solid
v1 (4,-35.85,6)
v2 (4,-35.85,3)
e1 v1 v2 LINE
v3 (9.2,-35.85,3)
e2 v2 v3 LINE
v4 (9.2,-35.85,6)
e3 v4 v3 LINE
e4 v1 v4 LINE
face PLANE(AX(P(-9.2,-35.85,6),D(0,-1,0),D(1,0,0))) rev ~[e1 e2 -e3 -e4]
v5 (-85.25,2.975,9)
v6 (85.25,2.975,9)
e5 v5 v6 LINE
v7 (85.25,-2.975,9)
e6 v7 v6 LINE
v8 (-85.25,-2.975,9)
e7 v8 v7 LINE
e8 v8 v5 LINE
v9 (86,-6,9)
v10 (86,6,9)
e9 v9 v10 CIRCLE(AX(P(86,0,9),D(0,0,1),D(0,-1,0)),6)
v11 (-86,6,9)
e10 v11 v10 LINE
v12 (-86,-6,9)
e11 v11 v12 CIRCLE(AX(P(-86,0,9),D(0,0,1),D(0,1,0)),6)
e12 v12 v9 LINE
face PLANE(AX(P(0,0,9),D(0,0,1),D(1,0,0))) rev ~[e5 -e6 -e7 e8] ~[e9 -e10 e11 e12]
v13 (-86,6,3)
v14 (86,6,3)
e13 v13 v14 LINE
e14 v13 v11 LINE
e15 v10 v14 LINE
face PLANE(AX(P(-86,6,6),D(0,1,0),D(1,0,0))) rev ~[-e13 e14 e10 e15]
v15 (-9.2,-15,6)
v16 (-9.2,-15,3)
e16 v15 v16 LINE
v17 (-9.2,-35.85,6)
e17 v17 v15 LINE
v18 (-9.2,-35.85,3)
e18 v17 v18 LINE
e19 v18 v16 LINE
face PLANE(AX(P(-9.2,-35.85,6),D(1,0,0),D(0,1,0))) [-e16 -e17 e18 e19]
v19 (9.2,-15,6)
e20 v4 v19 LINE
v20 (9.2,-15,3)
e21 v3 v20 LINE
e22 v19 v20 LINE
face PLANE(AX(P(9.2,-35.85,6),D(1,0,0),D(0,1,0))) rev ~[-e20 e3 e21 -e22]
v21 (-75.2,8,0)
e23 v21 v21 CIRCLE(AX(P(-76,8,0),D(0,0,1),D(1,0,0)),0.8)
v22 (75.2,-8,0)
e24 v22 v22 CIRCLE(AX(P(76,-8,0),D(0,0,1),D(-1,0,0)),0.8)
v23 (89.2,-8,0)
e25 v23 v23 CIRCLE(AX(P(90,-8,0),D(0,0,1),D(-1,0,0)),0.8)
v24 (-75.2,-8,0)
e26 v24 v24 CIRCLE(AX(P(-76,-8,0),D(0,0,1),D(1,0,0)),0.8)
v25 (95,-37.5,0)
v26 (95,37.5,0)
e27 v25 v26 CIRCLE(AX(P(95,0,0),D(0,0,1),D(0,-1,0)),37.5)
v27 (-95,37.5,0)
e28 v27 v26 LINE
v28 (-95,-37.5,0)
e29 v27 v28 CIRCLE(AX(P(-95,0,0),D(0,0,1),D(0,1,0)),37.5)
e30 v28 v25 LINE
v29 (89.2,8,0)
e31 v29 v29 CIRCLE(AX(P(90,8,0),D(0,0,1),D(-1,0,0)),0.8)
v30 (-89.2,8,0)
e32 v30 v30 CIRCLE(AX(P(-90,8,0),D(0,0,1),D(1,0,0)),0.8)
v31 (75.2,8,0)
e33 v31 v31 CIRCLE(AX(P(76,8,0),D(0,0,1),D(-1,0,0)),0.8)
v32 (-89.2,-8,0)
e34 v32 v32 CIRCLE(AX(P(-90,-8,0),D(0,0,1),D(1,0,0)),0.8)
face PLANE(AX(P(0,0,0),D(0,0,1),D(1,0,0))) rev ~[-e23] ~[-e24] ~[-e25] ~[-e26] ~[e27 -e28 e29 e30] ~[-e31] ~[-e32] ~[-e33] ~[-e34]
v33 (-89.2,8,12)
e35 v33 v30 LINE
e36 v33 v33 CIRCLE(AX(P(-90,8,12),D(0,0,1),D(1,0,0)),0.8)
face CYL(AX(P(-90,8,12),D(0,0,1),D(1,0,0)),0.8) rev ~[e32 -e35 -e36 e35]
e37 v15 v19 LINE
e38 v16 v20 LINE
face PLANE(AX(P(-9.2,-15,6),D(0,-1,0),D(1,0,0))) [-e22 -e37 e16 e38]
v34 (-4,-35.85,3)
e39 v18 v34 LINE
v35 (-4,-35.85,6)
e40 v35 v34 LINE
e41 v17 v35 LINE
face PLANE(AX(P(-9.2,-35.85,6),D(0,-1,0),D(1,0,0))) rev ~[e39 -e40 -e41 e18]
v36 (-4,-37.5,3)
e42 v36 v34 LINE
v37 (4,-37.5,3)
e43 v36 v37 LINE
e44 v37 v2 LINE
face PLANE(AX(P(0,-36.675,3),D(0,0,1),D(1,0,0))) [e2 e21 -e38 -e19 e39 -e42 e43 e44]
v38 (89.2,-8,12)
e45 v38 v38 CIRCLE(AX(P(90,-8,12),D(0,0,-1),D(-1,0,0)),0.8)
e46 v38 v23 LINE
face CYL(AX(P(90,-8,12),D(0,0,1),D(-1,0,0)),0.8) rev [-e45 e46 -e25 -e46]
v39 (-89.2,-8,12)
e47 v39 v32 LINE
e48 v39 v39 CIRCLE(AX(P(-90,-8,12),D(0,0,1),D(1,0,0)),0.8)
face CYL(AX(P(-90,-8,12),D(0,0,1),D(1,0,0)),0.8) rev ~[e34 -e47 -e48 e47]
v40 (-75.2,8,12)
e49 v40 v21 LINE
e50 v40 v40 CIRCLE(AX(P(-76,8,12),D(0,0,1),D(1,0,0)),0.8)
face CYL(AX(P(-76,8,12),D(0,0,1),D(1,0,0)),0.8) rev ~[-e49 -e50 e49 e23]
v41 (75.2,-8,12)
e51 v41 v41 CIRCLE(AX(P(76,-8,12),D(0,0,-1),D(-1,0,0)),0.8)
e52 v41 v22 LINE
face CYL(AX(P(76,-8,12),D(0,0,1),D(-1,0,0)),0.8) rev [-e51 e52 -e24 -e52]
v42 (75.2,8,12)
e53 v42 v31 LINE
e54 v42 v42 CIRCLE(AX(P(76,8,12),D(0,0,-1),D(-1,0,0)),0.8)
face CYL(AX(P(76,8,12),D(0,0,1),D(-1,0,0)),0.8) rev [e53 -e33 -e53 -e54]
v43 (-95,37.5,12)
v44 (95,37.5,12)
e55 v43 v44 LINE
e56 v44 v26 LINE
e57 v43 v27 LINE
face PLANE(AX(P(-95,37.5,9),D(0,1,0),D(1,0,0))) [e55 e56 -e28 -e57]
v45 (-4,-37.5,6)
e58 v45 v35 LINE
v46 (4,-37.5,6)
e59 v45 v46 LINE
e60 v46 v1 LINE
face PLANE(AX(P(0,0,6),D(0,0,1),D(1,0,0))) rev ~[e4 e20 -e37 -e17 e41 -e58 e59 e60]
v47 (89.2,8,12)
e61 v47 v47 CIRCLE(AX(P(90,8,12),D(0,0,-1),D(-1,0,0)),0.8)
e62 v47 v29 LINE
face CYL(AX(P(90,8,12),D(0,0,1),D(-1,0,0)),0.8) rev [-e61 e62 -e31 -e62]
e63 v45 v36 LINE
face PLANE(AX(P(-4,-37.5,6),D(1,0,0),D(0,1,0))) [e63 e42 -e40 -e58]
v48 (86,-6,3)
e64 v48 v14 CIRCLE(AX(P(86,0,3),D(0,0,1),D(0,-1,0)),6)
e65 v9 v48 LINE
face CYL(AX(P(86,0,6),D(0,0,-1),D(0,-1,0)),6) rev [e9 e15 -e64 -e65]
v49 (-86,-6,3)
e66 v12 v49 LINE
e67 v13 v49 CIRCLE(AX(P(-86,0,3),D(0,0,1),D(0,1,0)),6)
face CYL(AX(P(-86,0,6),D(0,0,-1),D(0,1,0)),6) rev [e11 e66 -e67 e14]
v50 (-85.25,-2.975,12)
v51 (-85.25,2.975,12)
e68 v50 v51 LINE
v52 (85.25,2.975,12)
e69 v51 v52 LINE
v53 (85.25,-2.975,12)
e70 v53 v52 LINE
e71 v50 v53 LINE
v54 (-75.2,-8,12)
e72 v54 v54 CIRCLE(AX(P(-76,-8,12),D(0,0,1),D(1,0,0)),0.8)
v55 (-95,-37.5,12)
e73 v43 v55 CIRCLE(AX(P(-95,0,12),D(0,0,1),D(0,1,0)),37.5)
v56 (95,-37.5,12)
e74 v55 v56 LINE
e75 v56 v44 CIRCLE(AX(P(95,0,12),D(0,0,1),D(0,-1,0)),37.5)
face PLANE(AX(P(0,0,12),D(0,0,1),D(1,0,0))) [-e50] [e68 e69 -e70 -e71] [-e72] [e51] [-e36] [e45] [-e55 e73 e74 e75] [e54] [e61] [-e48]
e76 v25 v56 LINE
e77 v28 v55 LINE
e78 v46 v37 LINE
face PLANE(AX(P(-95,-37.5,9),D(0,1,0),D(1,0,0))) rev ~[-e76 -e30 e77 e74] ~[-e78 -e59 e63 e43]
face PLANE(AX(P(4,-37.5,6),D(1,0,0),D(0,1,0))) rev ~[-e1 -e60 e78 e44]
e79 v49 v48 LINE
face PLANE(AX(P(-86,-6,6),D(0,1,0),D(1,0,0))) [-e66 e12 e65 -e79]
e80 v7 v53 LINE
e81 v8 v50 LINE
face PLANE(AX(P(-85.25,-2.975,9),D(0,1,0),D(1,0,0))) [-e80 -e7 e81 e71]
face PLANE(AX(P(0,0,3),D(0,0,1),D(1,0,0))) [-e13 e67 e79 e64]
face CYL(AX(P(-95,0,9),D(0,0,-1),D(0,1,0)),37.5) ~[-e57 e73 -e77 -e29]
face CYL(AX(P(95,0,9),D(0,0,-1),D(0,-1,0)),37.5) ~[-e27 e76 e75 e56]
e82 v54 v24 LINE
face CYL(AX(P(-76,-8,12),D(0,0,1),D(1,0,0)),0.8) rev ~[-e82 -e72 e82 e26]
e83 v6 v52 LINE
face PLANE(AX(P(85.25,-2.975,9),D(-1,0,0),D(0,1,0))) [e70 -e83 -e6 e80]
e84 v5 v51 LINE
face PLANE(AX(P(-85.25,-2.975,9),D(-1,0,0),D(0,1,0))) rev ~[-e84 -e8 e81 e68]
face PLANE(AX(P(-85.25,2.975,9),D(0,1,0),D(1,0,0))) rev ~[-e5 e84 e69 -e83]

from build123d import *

# Parameters (mm, degrees)
PAD_DEPTH       = 6
POCKET_DEPTH    = 3
SKETCH002_W     = 18.4
SKETCH002_H     = 20.85
POCKET001_DEPTH = 3
SKETCH003_W     = 8
SKETCH003_H     = 1.65
POCKET002_DEPTH = 3
PAD001_DEPTH    = 3
SKETCH005_W     = 170.5
SKETCH005_H     = 5.95
PAD002_DEPTH    = 3
SKETCH007_R     = 0.8
POCKET003_DEPTH = 563.341185


with BuildPart() as part:
    # Sketch → Pad (new body)
    with BuildSketch(Plane.XY):
        with BuildLine():
            ThreePointArc((-95, 37.5), (-132.5, 0), (-95, -37.5))
            Line((-95, -37.5), (95, -37.5))
            ThreePointArc((95, -37.5), (132.5, 0), (95, 37.5))
            Line((-95, 37.5), (95, 37.5))
        make_face()
    extrude(amount=PAD_DEPTH)

    # Sketch001 (on Face6 of Pad) → Pocket (cut)
    with BuildSketch(Plane.XY.offset(6)):
        with BuildLine():
            ThreePointArc((-86, 6), (-92, 0), (-86, -6))
            Line((-86, -6), (86, -6))
            ThreePointArc((86, -6), (92, 0), (86, 6))
            Line((-86, 6), (86, 6))
        make_face()
    extrude(amount=-POCKET_DEPTH, mode=Mode.SUBTRACT)

    # Sketch002 (on Face5 of Pocket) → Pocket001 (cut)
    with BuildSketch(Plane.XY.offset(6)):
        with Locations((0, -25.425)):
            Rectangle(SKETCH002_W, SKETCH002_H)
    extrude(amount=-POCKET001_DEPTH, mode=Mode.SUBTRACT)

    # Sketch003 (on Face5 of Pocket001) → Pocket002 (cut)
    with BuildSketch(Plane.XY.offset(6)):
        with Locations((0, -36.675)):
            Rectangle(SKETCH003_W, SKETCH003_H)
    extrude(amount=-POCKET002_DEPTH, mode=Mode.SUBTRACT)

    # Sketch004 (on Face5 of Pocket002) → Pad001 (join)
    with BuildSketch(Plane.XY.offset(6)):
        with BuildLine():
            ThreePointArc((-95, 37.5), (-132.5, 0), (-95, -37.5))
            Line((-95, -37.5), (95, -37.5))
            ThreePointArc((95, -37.5), (132.5, 0), (95, 37.5))
            Line((-95, 37.5), (95, 37.5))
        make_face()
        with BuildLine():
            ThreePointArc((-86, 6), (-92, 0), (-86, -6))
            Line((-86, -6), (86, -6))
            ThreePointArc((86, -6), (92, 0), (86, 6))
            Line((-86, 6), (86, 6))
        make_face(mode=Mode.SUBTRACT)
    extrude(amount=PAD001_DEPTH)

    # Sketch005 (on Face12 of Pad001) → Pad002 (join)
    with BuildSketch(Plane.XY.offset(9)):
        with BuildLine():
            ThreePointArc((-95, 37.5), (-132.5, 0), (-95, -37.5))
            Line((-95, -37.5), (95, -37.5))
            ThreePointArc((95, -37.5), (132.5, 0), (95, 37.5))
            Line((-95, 37.5), (95, 37.5))
        make_face()
        Rectangle(SKETCH005_W, SKETCH005_H, mode=Mode.SUBTRACT)
    extrude(amount=PAD002_DEPTH)

    # Sketch007 (on Face20 of Pad002) → Pocket003 (cut, through all)
    with BuildSketch(Plane.XY.offset(12)):
        with Locations((-90, -8)):
            Circle(SKETCH007_R)
        with Locations((-90, 8)):
            Circle(SKETCH007_R)
        with Locations((-76, 8)):
            Circle(SKETCH007_R)
        with Locations((-76, -8)):
            Circle(SKETCH007_R)
    pocket003 = extrude(amount=-POCKET003_DEPTH, mode=Mode.SUBTRACT)

    # Mirrored: Pocket003 across Sketch007 V_Axis
    add(pocket003.mirror(Plane(origin=(0, 0, 12), x_dir=(0, 0, 1), z_dir=(1, 0, 0))), mode=Mode.SUBTRACT)


solid = part.part
